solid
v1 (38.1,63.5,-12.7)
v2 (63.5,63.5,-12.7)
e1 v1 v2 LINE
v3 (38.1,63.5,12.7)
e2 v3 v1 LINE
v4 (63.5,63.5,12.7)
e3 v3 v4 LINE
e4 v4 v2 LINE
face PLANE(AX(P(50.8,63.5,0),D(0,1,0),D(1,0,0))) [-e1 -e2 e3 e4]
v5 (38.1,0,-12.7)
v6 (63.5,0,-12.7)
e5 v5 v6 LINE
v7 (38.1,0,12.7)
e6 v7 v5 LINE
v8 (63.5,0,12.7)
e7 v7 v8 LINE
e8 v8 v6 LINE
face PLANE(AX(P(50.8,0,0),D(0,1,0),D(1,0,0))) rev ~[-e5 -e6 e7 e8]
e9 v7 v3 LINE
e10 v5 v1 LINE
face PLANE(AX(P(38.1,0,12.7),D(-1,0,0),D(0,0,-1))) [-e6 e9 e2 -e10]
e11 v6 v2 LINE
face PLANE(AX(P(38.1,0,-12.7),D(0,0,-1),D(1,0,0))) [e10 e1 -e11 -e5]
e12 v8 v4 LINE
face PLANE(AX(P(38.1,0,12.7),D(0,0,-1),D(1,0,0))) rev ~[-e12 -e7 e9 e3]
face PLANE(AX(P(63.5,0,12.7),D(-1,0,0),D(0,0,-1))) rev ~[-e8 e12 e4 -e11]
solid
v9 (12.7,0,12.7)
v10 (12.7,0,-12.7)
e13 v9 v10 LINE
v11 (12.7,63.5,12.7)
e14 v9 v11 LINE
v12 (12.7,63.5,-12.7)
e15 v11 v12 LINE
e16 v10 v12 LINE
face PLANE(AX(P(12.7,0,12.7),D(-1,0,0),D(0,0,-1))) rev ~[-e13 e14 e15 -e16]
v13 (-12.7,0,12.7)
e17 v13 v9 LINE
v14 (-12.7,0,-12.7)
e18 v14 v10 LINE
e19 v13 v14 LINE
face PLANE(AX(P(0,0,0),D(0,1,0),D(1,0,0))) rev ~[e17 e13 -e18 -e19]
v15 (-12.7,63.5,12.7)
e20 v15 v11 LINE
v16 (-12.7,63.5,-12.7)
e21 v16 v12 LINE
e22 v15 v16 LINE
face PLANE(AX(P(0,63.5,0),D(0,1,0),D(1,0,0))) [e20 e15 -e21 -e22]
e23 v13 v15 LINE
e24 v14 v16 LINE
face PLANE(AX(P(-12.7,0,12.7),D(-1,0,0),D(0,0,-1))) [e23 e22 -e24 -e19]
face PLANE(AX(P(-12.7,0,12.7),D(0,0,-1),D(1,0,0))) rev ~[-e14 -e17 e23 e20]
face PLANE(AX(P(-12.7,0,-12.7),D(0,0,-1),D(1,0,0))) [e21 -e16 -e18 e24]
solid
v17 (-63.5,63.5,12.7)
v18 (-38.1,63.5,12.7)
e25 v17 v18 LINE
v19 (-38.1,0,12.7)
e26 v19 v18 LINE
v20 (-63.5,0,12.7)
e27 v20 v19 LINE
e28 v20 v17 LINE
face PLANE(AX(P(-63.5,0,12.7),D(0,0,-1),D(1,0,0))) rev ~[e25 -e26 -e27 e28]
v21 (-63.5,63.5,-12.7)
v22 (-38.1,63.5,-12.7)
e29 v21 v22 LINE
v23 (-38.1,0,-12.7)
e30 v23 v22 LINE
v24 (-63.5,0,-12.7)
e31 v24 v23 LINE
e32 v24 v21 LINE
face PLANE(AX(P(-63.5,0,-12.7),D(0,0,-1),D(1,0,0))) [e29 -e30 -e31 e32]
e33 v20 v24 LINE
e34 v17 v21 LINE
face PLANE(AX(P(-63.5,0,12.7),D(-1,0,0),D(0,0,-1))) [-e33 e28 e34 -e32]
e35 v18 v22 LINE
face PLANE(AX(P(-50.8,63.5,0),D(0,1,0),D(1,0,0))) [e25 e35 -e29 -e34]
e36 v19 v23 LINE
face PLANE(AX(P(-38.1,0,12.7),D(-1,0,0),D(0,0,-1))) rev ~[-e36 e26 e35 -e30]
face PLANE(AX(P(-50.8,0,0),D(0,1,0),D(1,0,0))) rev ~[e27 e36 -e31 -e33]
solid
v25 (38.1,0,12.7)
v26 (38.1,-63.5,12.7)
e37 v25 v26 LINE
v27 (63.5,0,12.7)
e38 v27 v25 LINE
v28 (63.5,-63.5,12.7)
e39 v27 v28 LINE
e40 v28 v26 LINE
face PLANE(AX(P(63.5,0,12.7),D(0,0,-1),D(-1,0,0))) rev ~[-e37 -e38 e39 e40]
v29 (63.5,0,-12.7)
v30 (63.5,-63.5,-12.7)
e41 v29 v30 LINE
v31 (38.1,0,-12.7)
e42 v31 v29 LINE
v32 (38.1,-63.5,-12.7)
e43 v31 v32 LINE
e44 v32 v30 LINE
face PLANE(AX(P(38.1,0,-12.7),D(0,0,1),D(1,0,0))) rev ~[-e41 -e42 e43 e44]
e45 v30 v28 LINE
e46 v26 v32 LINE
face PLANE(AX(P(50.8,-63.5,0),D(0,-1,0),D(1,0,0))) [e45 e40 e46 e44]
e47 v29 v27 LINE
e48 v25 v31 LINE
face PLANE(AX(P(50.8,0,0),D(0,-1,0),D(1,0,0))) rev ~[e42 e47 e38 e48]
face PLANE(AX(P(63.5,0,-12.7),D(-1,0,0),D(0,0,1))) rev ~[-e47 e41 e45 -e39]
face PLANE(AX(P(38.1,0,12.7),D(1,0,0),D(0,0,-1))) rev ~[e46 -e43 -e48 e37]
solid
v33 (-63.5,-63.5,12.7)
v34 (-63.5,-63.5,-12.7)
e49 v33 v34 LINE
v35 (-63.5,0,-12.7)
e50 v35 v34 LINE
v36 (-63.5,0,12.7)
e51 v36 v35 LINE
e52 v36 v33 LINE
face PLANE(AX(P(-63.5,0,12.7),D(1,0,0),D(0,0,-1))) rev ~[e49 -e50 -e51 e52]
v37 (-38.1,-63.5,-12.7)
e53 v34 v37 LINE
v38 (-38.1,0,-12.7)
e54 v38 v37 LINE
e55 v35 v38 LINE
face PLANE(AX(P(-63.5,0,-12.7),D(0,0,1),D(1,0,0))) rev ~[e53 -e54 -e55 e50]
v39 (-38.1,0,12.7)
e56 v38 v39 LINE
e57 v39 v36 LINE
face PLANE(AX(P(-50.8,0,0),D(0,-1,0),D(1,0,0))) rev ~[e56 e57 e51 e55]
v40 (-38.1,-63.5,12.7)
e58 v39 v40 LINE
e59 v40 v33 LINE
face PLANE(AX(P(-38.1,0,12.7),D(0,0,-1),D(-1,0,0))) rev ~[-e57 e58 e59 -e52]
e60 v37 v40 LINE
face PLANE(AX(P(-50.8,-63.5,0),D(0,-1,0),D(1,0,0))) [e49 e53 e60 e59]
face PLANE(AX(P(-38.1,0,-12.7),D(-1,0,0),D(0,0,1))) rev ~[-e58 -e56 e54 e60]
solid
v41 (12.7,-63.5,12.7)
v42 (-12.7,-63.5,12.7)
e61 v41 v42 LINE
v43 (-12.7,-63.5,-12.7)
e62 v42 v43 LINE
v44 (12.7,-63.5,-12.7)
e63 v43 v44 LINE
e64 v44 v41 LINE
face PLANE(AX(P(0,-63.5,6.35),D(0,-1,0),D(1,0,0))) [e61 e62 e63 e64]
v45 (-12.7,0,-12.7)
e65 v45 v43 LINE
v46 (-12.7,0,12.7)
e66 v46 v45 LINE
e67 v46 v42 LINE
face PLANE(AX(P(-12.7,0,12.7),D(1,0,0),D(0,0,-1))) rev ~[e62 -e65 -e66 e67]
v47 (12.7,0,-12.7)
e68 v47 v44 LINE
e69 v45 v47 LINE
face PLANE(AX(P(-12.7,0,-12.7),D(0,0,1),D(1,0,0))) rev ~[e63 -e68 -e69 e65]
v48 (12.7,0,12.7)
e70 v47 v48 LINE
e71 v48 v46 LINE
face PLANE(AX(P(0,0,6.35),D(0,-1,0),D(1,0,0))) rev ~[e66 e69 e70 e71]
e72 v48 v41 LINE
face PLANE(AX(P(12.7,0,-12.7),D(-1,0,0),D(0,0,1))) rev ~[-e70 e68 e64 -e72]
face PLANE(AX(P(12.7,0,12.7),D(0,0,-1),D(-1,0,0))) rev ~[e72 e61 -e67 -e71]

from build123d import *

# Parameters (mm, degrees)
F1_DEPTH  = 63.5
F1_FACE_W = 25.4
F1_FACE_H = 25.4
F2_DEPTH  = 63.5


with BuildPart() as f1:
    # F0 (on Front) → F1 (new body)
    with BuildSketch(Plane.XZ):
        Polygon((12.7, 0), (12.7, 12.7), (-12.7, 12.7), (-12.7, 0), (0, 0), align=None)
        Polygon((12.7, -12.7), (12.7, 0), (0, 0), (-12.7, 0), (-12.7, -12.7), align=None)
        Polygon((-38.1, -12.7), (-38.1, 0), (-38.1, 12.7), (-63.5, 12.7), (-63.5, -12.7), align=None)
        Polygon((38.1, 12.7), (38.1, 0), (38.1, -12.7), (63.5, -12.7), (63.5, 12.7), align=None)
    extrude(amount=F1_DEPTH)


with BuildPart() as f2:
    # F1_face (on face) → F2 (new body)
    with BuildSketch(Plane(origin=(50.8, 0, 0), x_dir=(1, 0, 0), z_dir=(0, 1, 0))):
        Rectangle(F1_FACE_W, F1_FACE_H)
        with Locations((-50.8, 0)):
            Rectangle(F1_FACE_W, F1_FACE_H)
        with Locations((-101.6, 0)):
            Rectangle(F1_FACE_W, F1_FACE_H)
    extrude(amount=F2_DEPTH)


solid = Compound([f1.part, f2.part])
